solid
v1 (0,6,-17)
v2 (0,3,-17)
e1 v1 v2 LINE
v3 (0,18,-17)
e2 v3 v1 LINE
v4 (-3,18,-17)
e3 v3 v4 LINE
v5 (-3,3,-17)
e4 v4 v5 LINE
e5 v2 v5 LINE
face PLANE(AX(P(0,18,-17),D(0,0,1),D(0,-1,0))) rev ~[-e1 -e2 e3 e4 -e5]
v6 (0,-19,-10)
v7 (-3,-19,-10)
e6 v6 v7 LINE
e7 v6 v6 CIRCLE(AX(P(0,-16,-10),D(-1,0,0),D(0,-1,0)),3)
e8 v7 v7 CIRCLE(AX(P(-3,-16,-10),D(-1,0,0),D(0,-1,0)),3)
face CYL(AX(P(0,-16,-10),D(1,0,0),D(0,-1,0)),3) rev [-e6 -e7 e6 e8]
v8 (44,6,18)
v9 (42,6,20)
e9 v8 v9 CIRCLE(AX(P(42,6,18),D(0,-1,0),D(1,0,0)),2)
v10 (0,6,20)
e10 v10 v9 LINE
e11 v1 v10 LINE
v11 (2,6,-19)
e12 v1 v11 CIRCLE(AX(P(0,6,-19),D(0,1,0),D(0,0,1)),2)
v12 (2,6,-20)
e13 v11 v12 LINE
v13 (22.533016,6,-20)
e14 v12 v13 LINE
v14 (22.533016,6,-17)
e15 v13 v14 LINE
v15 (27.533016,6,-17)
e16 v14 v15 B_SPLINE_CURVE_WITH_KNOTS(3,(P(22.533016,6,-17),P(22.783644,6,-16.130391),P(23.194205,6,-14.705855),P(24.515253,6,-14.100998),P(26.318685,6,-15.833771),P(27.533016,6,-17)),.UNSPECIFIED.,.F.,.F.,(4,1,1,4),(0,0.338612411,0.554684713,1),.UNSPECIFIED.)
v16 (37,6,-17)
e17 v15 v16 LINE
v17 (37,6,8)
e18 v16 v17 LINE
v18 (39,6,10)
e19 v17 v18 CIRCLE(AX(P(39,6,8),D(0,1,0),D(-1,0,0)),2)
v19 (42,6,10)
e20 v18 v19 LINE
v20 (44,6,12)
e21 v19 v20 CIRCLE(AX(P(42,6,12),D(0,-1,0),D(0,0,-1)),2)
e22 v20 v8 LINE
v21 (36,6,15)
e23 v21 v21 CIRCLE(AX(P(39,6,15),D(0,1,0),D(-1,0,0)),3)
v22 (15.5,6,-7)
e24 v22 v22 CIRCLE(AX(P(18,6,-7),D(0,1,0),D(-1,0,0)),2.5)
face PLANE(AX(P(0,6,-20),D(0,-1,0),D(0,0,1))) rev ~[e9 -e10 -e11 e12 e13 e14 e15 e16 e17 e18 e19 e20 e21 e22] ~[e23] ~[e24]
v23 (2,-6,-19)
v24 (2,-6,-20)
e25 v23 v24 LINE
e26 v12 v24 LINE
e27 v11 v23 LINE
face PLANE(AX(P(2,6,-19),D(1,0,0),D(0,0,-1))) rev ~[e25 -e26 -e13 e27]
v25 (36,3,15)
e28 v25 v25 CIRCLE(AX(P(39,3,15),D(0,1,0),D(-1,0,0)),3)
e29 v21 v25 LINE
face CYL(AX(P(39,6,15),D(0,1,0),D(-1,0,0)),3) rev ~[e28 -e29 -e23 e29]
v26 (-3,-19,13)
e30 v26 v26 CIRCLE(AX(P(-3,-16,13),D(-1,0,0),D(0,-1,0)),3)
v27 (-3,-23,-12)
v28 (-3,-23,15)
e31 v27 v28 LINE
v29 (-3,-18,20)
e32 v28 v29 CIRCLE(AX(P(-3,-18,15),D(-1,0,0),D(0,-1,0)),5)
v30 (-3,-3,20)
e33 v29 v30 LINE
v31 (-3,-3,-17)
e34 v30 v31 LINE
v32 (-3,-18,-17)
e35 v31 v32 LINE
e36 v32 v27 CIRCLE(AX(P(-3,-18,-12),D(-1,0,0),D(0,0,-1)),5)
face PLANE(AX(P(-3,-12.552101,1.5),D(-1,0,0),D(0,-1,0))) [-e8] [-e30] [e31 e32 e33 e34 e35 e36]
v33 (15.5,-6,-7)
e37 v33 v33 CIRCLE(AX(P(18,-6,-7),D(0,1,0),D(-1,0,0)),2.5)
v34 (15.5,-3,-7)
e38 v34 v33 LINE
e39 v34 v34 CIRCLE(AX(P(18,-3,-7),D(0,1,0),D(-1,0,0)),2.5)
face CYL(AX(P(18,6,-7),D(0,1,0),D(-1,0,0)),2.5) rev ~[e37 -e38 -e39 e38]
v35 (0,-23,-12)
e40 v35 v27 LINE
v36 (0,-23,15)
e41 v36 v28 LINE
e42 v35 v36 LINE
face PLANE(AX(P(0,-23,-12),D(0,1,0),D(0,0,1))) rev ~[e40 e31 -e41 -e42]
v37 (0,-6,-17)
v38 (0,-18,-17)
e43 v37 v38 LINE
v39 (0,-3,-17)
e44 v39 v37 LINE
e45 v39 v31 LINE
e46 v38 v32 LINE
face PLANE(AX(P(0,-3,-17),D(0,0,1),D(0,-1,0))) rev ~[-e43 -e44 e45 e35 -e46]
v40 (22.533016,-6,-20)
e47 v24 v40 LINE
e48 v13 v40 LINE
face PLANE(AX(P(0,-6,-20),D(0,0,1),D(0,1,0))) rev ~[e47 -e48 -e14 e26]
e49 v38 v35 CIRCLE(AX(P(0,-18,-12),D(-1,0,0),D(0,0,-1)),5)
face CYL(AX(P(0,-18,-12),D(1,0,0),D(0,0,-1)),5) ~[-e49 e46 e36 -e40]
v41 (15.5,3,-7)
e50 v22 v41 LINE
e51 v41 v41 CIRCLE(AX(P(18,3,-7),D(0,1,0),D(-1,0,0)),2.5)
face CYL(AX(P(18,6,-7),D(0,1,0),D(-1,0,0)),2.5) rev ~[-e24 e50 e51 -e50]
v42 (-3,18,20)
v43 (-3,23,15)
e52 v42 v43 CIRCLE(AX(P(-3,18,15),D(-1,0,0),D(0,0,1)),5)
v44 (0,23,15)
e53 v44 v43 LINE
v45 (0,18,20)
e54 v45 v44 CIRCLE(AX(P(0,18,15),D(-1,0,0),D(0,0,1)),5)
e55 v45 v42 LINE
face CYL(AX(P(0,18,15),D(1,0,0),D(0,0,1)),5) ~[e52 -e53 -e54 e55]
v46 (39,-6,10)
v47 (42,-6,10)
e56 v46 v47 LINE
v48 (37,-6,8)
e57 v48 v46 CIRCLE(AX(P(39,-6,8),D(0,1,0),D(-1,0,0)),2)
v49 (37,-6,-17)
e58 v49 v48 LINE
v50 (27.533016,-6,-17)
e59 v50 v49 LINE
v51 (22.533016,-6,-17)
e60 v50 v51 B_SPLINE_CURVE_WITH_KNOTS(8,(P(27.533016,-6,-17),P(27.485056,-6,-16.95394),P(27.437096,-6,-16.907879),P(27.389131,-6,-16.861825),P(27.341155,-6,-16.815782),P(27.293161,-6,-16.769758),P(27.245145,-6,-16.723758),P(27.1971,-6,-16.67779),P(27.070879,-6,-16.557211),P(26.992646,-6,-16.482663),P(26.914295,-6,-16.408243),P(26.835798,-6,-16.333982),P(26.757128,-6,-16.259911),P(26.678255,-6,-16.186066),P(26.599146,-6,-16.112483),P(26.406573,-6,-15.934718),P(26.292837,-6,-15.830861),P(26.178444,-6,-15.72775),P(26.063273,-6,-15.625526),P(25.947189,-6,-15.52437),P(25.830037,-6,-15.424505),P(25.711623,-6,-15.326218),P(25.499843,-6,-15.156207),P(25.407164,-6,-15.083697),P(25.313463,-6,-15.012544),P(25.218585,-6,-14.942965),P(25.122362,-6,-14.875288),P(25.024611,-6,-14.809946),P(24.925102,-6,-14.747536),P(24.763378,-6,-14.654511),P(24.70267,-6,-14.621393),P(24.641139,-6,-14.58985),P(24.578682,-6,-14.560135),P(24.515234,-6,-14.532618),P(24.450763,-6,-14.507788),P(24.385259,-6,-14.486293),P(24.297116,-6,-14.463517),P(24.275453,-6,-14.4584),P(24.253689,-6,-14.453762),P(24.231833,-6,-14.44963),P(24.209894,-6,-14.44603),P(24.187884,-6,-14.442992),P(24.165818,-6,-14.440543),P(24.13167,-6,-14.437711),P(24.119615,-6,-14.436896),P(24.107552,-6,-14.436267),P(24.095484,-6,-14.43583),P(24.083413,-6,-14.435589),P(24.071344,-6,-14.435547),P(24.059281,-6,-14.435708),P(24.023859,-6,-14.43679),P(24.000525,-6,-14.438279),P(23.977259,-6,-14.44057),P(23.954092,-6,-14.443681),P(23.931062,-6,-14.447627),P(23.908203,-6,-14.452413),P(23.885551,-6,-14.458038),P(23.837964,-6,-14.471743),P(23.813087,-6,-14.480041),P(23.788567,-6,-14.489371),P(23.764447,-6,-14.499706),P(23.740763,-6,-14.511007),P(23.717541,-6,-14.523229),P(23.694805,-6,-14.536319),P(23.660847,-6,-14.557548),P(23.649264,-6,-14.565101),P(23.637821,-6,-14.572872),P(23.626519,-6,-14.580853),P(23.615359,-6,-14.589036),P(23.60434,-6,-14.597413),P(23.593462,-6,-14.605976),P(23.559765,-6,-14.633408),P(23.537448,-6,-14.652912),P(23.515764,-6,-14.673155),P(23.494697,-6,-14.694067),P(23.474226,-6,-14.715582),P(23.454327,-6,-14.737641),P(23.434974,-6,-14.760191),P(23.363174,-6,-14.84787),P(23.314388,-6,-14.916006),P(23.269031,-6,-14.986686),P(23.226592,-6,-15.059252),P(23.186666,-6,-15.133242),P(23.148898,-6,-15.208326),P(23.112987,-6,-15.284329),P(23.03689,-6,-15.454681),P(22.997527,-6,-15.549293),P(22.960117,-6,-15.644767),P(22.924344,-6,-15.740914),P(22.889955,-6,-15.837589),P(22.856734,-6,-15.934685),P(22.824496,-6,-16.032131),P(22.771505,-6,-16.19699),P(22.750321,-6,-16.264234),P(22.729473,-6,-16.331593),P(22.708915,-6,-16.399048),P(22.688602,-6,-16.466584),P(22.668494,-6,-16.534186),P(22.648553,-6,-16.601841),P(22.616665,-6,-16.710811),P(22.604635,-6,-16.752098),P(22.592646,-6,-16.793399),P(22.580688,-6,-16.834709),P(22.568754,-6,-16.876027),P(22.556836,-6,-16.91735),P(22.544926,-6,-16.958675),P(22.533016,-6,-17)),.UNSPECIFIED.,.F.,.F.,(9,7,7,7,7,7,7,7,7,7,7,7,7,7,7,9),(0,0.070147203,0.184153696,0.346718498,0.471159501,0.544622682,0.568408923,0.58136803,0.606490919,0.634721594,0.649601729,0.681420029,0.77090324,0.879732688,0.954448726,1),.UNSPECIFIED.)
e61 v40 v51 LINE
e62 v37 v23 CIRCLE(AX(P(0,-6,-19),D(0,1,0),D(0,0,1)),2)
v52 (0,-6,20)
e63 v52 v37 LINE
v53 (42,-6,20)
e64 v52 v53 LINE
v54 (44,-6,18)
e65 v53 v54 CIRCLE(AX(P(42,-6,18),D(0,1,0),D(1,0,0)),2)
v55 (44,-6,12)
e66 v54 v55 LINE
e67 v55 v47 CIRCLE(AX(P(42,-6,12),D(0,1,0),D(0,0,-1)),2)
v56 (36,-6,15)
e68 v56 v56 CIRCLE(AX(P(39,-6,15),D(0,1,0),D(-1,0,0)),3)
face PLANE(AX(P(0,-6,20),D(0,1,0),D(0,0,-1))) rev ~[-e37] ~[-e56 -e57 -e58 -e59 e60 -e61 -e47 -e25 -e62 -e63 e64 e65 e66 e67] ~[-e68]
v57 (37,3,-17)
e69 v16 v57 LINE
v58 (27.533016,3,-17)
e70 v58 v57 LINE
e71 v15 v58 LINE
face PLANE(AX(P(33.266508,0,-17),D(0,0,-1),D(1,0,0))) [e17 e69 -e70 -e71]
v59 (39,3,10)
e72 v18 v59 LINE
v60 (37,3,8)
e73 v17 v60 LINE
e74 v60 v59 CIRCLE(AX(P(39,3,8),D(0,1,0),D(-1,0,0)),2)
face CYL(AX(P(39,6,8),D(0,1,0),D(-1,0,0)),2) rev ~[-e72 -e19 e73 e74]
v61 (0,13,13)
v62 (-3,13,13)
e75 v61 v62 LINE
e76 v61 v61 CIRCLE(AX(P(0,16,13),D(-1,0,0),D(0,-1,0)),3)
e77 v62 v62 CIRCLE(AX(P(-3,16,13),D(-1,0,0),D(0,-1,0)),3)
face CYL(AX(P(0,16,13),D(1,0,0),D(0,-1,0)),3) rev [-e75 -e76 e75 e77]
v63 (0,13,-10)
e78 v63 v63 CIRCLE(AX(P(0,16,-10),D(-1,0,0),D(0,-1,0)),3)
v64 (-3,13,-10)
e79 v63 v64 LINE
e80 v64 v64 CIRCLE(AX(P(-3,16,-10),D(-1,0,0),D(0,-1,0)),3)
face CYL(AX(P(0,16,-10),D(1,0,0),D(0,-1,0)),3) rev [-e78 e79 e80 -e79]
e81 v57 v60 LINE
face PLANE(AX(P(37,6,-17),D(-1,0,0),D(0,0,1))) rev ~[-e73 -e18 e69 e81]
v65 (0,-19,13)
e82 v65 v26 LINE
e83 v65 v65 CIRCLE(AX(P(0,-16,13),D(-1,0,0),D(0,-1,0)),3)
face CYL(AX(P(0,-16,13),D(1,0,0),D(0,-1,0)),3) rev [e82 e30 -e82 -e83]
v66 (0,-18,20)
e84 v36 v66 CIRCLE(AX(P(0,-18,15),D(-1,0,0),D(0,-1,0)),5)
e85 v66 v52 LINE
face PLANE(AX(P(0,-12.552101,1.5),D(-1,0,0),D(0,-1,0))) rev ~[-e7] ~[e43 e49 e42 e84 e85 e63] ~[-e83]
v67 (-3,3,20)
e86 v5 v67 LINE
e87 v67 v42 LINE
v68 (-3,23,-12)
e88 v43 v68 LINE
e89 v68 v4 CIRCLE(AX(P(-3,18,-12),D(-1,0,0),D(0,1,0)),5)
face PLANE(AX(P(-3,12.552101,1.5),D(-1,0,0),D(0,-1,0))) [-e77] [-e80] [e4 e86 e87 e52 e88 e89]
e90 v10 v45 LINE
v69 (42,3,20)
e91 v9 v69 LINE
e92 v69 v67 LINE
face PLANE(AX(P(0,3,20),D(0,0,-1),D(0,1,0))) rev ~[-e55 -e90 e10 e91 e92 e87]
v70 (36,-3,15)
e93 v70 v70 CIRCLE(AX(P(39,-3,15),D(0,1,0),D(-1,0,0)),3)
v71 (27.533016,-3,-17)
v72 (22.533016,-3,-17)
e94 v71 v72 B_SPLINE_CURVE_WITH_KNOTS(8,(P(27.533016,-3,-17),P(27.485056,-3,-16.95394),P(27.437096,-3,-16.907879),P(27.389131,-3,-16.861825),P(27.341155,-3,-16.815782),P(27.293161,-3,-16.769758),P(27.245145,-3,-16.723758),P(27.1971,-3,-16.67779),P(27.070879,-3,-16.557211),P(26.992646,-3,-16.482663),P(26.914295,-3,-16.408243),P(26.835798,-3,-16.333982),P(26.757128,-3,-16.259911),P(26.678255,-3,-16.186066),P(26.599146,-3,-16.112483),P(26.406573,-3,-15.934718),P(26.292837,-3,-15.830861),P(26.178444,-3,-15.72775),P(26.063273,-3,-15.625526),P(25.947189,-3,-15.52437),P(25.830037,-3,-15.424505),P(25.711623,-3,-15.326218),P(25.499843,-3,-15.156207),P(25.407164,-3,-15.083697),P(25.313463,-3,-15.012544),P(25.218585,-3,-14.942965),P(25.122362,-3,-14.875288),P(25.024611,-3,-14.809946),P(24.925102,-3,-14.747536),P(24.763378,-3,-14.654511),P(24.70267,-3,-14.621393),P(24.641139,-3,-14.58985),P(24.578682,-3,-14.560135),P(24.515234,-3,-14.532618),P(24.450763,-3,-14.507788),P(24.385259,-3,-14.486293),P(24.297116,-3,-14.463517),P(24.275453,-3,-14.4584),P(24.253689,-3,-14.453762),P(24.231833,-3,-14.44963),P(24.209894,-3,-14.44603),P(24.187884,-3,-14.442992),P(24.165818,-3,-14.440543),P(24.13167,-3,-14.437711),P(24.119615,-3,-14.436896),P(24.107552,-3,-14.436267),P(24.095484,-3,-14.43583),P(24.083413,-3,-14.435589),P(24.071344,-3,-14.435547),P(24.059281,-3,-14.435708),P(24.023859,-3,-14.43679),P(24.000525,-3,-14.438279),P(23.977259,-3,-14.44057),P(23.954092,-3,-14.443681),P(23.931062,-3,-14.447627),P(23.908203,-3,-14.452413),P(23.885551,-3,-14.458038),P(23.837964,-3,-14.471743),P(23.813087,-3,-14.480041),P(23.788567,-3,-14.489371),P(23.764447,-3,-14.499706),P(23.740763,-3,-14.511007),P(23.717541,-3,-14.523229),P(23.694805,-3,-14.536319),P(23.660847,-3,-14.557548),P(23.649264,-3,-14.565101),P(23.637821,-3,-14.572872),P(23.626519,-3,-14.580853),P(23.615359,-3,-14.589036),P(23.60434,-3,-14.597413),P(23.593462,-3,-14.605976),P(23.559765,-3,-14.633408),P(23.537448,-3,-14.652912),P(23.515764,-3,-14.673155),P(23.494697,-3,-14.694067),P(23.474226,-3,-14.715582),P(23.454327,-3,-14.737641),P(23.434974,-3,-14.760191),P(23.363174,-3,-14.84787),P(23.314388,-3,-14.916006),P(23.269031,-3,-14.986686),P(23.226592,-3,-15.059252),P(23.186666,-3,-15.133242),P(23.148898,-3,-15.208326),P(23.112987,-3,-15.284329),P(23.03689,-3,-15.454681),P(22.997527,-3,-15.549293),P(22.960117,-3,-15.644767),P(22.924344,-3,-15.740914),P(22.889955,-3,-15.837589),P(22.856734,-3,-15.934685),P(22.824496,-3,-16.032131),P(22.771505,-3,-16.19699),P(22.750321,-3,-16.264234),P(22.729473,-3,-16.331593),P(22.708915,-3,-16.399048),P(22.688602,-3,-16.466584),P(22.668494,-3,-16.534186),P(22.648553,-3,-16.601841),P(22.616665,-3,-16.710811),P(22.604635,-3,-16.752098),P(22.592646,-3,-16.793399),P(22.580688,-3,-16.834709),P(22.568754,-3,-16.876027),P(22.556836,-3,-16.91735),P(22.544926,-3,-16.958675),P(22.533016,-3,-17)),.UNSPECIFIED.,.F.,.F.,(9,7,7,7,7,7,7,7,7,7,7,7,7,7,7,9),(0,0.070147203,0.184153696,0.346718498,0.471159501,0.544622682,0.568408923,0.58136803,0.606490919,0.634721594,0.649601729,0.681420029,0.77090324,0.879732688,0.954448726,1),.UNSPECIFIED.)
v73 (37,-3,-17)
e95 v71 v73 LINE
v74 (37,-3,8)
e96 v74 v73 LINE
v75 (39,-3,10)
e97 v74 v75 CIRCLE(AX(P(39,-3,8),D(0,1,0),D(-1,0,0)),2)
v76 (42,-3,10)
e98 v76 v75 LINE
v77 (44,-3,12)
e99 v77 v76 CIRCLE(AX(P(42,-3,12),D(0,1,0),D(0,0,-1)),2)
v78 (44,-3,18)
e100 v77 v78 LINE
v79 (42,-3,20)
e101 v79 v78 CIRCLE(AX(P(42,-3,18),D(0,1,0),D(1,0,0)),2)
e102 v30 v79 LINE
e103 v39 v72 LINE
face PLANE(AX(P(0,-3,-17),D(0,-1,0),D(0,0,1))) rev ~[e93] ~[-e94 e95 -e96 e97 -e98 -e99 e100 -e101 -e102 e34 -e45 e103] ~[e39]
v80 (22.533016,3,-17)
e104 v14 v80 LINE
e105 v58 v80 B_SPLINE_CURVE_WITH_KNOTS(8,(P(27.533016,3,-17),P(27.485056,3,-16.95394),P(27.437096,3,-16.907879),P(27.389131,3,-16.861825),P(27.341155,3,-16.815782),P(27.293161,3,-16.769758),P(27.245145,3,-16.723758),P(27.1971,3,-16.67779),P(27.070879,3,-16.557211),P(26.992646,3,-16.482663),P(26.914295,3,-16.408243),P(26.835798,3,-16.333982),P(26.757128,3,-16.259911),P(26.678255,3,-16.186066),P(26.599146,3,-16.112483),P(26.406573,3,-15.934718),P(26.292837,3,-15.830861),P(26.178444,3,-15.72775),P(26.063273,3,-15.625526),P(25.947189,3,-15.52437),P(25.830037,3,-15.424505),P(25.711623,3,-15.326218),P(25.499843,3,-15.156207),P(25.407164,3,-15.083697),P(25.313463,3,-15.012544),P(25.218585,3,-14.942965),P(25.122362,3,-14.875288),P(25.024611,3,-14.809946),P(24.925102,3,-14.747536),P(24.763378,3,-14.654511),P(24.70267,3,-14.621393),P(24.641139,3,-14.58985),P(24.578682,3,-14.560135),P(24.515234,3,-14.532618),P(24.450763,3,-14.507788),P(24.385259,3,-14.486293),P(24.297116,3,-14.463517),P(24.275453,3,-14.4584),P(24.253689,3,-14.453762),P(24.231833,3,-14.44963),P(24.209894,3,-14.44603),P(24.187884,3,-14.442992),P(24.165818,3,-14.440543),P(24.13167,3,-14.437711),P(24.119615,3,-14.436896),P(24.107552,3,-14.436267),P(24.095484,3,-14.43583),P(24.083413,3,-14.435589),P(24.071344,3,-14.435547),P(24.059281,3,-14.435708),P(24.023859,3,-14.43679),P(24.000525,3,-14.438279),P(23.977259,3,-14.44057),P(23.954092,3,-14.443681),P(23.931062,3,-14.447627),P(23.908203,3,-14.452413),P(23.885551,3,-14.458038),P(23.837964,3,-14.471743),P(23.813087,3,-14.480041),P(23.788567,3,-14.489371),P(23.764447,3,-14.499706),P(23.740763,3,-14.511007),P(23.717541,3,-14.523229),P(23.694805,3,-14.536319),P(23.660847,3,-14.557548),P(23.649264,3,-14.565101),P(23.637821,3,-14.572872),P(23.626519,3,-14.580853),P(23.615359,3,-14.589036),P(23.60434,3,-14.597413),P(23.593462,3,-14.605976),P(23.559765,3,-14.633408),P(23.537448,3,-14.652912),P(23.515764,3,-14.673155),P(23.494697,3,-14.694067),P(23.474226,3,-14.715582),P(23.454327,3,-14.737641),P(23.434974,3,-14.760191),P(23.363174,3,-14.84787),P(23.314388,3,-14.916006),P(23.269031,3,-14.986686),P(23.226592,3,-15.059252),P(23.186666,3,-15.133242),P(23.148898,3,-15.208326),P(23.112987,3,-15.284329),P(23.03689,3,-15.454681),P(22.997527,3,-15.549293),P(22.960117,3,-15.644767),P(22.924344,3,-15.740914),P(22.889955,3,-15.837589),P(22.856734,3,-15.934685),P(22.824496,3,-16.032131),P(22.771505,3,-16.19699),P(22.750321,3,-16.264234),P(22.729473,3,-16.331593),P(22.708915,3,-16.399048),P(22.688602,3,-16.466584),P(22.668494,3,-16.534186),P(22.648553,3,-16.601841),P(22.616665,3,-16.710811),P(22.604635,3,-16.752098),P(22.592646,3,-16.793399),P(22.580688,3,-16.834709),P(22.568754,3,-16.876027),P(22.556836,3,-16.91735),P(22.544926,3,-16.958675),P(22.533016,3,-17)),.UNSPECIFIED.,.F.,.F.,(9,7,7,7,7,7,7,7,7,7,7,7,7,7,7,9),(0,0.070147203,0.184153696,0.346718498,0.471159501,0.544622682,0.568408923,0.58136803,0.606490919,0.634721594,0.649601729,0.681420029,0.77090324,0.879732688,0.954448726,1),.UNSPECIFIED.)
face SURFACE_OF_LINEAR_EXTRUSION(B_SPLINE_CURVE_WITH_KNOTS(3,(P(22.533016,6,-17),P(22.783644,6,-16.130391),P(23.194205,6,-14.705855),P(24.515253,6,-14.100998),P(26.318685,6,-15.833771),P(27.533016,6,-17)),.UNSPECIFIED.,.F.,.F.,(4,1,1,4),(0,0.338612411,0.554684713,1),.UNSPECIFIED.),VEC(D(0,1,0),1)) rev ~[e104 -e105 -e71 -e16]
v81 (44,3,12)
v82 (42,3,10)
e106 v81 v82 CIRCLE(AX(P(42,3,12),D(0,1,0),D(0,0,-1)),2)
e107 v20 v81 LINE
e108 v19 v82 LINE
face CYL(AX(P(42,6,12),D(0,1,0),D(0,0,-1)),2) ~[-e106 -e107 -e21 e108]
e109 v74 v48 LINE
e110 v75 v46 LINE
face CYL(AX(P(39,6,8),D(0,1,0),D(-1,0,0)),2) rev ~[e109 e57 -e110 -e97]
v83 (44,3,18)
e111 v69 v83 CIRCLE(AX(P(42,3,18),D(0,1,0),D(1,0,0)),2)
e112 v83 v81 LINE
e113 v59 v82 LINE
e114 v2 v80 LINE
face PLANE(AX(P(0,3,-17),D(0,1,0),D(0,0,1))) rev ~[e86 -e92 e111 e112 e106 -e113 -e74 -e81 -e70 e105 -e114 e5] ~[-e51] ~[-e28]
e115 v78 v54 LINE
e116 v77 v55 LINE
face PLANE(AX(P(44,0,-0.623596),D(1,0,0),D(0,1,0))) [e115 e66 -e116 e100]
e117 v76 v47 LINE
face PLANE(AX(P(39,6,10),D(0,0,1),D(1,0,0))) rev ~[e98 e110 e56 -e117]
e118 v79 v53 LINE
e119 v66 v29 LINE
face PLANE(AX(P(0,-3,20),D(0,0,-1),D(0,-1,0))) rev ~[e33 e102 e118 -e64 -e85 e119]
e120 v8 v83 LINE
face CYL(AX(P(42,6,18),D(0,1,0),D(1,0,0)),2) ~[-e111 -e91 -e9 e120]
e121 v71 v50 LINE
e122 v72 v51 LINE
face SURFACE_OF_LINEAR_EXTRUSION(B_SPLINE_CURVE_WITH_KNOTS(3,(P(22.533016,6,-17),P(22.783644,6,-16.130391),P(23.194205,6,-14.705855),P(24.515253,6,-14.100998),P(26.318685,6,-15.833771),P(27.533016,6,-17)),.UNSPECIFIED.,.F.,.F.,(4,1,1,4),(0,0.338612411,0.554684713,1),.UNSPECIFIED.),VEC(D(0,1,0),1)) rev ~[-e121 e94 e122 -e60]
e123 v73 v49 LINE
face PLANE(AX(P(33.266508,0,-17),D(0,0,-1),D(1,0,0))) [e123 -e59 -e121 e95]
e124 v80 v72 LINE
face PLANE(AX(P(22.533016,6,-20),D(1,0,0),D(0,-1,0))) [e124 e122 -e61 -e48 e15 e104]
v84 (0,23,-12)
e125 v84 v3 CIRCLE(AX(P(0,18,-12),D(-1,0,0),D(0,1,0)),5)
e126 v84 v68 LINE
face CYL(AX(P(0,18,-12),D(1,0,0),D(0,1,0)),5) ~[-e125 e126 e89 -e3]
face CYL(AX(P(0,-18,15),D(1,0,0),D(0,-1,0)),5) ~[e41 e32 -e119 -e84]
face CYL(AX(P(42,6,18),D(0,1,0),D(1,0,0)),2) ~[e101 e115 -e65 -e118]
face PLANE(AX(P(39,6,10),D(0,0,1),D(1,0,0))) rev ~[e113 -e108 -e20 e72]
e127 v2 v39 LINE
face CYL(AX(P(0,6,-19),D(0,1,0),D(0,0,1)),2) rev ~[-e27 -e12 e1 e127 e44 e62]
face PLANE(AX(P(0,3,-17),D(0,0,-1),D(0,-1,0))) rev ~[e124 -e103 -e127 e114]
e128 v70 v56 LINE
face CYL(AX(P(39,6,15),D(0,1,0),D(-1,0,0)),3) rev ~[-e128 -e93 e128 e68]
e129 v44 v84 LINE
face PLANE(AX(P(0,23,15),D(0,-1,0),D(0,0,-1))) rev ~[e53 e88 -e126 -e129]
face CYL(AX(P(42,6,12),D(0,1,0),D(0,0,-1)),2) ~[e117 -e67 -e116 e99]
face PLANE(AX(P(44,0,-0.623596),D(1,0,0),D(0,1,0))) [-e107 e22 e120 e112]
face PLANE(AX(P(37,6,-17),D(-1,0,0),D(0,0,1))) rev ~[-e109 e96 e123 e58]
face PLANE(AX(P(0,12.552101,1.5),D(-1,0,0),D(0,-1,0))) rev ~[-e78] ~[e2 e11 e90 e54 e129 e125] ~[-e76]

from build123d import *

# Parameters (mm, degrees)
F1_DEPTH = 44
F2_R     = 3
F3_DEPTH = 3
F4_W     = 21.4669842049
F4_H     = 12
F5_DEPTH = 3
F6_R     = 3
F6_R_2   = 2.5
F7_DEPTH = 25


with BuildPart() as f1:
    # F0 (on Right) → F1 (new body)
    with BuildSketch(Plane.YZ):
        Polygon((6, -20), (6, 20), (3, 20), (3, -17), (-3, -17), (-3, 20), (-6, 20), (-6, -20), align=None)
    extrude(amount=F1_DEPTH)

    # F2 (on face) → F3 (join)
    with BuildSketch(Plane(origin=(0, 0, 0), x_dir=(0, -1, 0), z_dir=(-1, 0, 0))):
        with BuildLine():
            Line((-3, -17), (-3, 20))
            Line((-3, 20), (-18, 20))
            ThreePointArc((-18, 20), (-21.5355339059, 18.5355339059), (-23, 15))
            Line((-23, 15), (-23, -12))
            ThreePointArc((-23, -12), (-21.5355339059, -15.5355339059), (-18, -17))
            Line((-18, -17), (-3, -17))
        make_face()
        with Locations((-16, -10)):
            Circle(F2_R, mode=Mode.SUBTRACT)
        with Locations((-16, 13)):
            Circle(F2_R, mode=Mode.SUBTRACT)
        with BuildLine():
            Line((18, 20), (3, 20))
            Line((3, 20), (3, -17))
            Line((3, -17), (18, -17))
            ThreePointArc((18, -17), (21.5355339059, -15.5355339059), (23, -12))
            Line((23, -12), (23, 15))
            ThreePointArc((23, 15), (21.5355339059, 18.5355339059), (18, 20))
        make_face()
        with Locations((16, -10)):
            Circle(F2_R, mode=Mode.SUBTRACT)
        with Locations((16, 13)):
            Circle(F2_R, mode=Mode.SUBTRACT)
    extrude(amount=F3_DEPTH)

    # F4 (on face) → F5 (cut)
    with BuildSketch(Plane(origin=(0, 0, -20), x_dir=(1, 0, 0), z_dir=(0, 0, -1))):
        with Locations((33.2665078975, 0)):
            Rectangle(F4_W, F4_H)
    extrude(amount=-F5_DEPTH, mode=Mode.SUBTRACT)

    # F6 (on face) → F7 (cut)
    with BuildSketch(Plane(origin=(0, 6, 0), x_dir=(-1, 0, 0), z_dir=(0, 1, 0))):
        with BuildLine():
            Line((-44, -17), (-37, -17))
            Line((-37, -17), (-37, 8))
            ThreePointArc((-37, 8), (-37.5857864376, 9.4142135624), (-39, 10))
            Line((-39, 10), (-42, 10))
            ThreePointArc((-42, 10), (-43.4142135624, 10.5857864376), (-44, 12))
            Line((-44, 12), (-44, -17))
        make_face()
        with Locations((-39, 15)):
            Circle(F6_R)
        with BuildLine():
            Line((-44, 20), (-44, 18))
            ThreePointArc((-44, 18), (-43.4142135624, 19.4142135624), (-42, 20))
            Line((-42, 20), (-44, 20))
        make_face()
        with BuildLine():
            Line((-2, -19), (-2, -20))
            Line((-2, -20), (0, -20))
            Line((0, -20), (0, -17))
            ThreePointArc((0, -17), (-1.4142135624, -17.5857864376), (-2, -19))
        make_face()
        with BuildLine():
            add(Edge.make_bspline(
                [(-22.5330157951, -17), (-22.7836436775, -16.1303906467), (-23.1942051069, -14.7058546262), (-24.5152526704, -14.1009978001), (-26.3186845718, -15.8337712078), (-27.5330157951, -17)],
                knots=[0, 0, 0, 0, 0.3386124105, 0.5546847127, 1, 1, 1, 1], degree=3))
            Line((-27.5330157951, -17), (-22.5330157951, -17))
        make_face()
        with Locations((-18, -7)):
            Circle(F6_R_2)
    extrude(amount=-F7_DEPTH, mode=Mode.SUBTRACT)


solid = f1.part
